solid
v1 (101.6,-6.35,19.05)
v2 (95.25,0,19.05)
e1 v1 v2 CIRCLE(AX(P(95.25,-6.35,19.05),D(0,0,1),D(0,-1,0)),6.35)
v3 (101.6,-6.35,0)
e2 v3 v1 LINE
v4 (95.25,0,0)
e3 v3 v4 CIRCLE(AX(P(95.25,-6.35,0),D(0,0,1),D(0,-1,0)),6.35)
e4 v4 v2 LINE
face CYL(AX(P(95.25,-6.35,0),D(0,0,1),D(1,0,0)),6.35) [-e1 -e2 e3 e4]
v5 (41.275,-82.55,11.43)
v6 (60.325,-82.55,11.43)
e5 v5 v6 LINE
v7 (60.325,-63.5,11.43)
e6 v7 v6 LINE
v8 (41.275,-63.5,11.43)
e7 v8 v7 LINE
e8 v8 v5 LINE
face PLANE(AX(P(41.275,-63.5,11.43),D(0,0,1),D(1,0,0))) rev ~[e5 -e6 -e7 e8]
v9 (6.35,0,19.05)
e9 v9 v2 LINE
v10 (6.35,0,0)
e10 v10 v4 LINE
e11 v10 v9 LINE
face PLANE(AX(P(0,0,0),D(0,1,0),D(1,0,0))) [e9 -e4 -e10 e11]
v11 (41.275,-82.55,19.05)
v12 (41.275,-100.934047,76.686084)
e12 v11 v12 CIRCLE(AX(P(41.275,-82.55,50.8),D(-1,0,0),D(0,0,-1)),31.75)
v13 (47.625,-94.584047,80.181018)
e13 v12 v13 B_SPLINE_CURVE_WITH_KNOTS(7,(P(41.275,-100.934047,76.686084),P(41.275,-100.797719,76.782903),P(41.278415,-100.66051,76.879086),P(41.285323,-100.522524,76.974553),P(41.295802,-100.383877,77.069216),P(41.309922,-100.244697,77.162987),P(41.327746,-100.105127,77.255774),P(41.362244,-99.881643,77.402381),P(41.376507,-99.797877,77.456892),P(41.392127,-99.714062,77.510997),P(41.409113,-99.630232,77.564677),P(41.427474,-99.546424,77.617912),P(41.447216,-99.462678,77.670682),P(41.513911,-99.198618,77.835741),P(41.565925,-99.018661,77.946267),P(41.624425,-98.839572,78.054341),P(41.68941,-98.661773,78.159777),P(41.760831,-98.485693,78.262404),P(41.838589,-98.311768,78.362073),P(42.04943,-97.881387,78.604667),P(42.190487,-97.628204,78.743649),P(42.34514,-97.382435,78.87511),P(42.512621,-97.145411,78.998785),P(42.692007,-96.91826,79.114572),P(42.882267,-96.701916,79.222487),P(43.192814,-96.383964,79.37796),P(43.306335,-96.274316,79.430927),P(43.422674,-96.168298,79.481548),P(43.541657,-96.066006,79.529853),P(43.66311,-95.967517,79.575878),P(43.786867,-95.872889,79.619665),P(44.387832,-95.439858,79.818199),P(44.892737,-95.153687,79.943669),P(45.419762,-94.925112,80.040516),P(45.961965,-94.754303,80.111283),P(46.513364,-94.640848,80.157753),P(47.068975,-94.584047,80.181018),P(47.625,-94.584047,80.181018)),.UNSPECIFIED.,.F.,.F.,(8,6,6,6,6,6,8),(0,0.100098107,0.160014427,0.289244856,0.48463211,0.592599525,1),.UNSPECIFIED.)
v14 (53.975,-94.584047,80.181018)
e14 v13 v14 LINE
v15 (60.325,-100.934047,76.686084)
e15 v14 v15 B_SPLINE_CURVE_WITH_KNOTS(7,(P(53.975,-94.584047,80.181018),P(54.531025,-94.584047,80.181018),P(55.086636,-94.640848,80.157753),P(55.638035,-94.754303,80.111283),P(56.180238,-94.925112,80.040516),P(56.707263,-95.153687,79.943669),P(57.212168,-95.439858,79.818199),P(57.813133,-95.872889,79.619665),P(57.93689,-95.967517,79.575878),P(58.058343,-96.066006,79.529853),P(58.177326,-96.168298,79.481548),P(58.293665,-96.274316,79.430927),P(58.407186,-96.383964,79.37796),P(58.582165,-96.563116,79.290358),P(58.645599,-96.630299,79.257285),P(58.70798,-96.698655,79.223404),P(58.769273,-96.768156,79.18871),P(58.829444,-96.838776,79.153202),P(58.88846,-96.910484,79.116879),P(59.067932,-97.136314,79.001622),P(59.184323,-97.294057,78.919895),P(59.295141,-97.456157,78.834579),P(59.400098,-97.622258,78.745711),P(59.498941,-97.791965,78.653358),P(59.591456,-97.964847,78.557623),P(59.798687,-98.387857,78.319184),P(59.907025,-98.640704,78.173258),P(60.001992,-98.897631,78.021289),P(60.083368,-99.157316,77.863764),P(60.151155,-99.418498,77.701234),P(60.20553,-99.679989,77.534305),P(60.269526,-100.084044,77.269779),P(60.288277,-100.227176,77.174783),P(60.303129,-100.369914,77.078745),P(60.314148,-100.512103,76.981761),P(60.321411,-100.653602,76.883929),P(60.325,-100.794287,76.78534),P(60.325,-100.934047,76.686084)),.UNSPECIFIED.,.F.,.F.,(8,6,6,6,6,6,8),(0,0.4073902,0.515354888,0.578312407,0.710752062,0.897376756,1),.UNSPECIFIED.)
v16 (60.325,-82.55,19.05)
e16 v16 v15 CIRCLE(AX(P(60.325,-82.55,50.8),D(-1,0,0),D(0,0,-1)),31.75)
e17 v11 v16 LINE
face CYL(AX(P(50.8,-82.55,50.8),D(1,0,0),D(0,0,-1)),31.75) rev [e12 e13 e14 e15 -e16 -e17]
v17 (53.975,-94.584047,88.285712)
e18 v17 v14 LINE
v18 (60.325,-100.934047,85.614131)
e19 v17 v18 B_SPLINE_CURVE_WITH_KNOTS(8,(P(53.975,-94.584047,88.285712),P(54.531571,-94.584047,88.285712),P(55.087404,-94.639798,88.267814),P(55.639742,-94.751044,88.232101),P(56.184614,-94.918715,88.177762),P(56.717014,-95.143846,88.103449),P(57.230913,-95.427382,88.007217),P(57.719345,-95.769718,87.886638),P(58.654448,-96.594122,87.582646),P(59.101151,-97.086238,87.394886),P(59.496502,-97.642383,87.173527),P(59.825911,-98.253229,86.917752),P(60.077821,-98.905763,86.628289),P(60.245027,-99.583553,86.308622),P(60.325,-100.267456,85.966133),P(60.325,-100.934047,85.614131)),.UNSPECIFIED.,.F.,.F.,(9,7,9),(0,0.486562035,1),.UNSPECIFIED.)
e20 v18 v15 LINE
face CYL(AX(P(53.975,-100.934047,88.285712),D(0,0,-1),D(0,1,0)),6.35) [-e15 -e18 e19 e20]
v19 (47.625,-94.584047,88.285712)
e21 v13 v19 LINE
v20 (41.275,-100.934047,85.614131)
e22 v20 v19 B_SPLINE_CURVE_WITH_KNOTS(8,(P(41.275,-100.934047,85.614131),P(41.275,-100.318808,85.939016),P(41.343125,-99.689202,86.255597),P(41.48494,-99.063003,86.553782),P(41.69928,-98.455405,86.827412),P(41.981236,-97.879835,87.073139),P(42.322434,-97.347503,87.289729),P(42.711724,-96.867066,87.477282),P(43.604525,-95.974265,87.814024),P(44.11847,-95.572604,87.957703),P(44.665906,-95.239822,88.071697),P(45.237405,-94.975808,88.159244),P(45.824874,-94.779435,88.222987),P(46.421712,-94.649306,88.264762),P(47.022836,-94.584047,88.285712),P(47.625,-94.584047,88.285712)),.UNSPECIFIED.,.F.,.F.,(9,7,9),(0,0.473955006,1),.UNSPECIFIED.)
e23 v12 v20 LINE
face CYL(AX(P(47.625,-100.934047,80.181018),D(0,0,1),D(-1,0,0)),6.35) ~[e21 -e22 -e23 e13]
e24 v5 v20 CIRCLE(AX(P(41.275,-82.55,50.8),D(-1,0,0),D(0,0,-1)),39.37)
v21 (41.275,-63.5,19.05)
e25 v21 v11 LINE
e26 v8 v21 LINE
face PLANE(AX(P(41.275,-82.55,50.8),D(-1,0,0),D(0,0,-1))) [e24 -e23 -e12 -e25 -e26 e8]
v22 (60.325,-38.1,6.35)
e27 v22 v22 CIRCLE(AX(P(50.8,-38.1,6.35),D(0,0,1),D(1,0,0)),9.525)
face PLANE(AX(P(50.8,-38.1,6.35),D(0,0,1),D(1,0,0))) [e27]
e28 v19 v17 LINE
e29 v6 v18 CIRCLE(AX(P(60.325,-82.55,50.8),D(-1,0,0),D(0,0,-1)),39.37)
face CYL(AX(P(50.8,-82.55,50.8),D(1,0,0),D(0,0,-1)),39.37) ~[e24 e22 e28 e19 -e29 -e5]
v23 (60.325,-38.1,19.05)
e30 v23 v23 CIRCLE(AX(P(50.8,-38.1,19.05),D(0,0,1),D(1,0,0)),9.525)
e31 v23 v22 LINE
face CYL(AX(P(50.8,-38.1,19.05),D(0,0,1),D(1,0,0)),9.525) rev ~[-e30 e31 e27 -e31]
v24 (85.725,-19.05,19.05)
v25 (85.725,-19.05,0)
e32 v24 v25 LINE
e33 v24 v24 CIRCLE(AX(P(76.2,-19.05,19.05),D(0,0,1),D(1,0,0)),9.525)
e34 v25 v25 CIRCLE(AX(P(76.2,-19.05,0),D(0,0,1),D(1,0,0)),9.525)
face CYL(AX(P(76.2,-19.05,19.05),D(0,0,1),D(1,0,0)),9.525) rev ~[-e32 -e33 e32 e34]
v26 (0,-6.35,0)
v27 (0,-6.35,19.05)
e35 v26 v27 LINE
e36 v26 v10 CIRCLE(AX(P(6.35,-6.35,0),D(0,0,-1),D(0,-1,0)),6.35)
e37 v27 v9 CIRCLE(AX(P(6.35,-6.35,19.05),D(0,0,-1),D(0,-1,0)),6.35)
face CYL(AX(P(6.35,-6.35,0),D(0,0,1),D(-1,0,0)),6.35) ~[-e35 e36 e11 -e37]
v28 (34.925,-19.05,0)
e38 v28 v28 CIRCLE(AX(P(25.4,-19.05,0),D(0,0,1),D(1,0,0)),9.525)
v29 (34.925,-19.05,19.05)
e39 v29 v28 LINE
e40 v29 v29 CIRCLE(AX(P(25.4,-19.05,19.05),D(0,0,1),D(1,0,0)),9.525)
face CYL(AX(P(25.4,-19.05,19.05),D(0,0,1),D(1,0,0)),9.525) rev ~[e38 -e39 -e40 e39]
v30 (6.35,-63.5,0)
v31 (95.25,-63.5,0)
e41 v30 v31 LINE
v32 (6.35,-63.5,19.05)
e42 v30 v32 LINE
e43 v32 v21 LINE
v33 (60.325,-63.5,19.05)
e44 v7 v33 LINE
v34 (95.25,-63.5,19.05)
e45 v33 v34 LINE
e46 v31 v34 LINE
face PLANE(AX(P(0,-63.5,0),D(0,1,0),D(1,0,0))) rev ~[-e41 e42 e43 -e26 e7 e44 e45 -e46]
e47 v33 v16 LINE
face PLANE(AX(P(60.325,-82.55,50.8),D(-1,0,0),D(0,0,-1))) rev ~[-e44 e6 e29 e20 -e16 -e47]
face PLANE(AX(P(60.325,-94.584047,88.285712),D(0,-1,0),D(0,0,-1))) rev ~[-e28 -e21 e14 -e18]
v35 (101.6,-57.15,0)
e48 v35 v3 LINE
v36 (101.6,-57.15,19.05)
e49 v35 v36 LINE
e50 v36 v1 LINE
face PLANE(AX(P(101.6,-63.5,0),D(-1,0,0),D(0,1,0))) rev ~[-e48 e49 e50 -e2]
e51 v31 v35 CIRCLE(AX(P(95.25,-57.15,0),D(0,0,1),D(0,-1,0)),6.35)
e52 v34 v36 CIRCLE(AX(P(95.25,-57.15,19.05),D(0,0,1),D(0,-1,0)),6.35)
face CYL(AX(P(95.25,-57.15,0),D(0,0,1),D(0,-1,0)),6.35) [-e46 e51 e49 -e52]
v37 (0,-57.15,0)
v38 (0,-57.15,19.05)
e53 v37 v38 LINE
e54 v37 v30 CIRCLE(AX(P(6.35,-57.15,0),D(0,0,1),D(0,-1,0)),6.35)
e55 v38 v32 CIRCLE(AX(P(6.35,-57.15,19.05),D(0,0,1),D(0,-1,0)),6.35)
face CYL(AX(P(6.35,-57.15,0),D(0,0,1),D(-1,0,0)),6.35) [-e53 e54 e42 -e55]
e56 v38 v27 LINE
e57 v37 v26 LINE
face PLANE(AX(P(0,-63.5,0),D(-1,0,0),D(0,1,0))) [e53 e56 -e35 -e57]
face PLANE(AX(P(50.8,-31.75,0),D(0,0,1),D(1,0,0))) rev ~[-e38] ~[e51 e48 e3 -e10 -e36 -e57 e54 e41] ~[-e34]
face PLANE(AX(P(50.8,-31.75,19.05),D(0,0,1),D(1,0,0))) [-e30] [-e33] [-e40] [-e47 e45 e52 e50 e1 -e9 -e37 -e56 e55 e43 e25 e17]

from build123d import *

# Parameters (mm, degrees)
F0_W      = 101.6
F0_H      = 63.5
F1_DEPTH  = 19.05
F2_R      = 6.35
F3_R      = 9.525
F4_DEPTH  = 12.7
F5_DEPTH  = 19.051
F6_W      = 19.05
F6_H      = 7.62
F7_DEPTH  = 19.05
F8_W      = 19.05
F8_H      = 7.62
F9_ANGLE  = 162.2017998475
F11_DEPTH = 25.4
F12_R     = 6.35


with BuildPart() as f1:
    # F0 (on Top) → F1 (new body)
    with BuildSketch(Plane.XY):
        with Locations((50.8, -31.75)):
            Rectangle(F0_W, F0_H)
    extrude(amount=F1_DEPTH)

    # F2
    f2_edges = [f1.edges().sort_by_distance(p)[0] for p in [
        (101.6, -63.5, 9.525),
        (101.6, 0, 9.525),
        (0, -63.5, 9.525),
        (0, 0, 9.525),
    ]]
    fillet(f2_edges, radius=F2_R)

    # F3 (on face) → F4 (cut)
    with BuildSketch(Plane.XY.offset(19.05)):
        with Locations((50.8, -38.1)):
            Circle(F3_R)
    extrude(amount=-F4_DEPTH, mode=Mode.SUBTRACT)

    # F3 (on face) → F5 (cut, through all)
    with BuildSketch(Plane.XY.offset(19.05)):
        with Locations((25.4, -19.05)):
            Circle(F3_R)
        with Locations((76.2, -19.05)):
            Circle(F3_R)
    extrude(amount=-F5_DEPTH, mode=Mode.SUBTRACT)

    # F6 (on face) → F7 (join)
    with BuildSketch(Plane.XZ.offset(63.5)):
        with Locations((50.8, 15.24)):
            Rectangle(F6_W, F6_H)
    extrude(amount=F7_DEPTH)

    # F8 (on face) → F9 (revolve)
    with BuildSketch(Plane.XZ.offset(82.55)):
        with Locations((50.8, 15.24)):
            Rectangle(F8_W, F8_H)
    revolve(axis=Axis((50.8, -82.55, 50.8), (-1, 0, 0)), revolution_arc=F9_ANGLE)

    # F10 (on face) → F11 (cut)
    with BuildSketch(Plane.YZ.offset(60.325)):
        with BuildLine():
            Line((-94.5840466137, 88.2857122395), (-94.5840466137, 80.1810180576))
            ThreePointArc((-94.5840466137, 80.1810180576), (-93.4277552997, 80.6284585529), (-92.2548763014, 81.0304130963))
            Line((-92.2548763014, 81.0304130963), (-94.5840466137, 88.2857122395))
        make_face()
        with BuildLine():
            Line((-86.6367444396, 76.66990906), (-86.6367444396, 88.2857122395))
            Line((-86.6367444396, 88.2857122395), (-94.5840466137, 88.2857122395))
            Line((-94.5840466137, 88.2857122395), (-92.2548763014, 81.0304130963))
            ThreePointArc((-92.2548763014, 81.0304130963), (-93.4277552997, 80.6284585529), (-94.5840466137, 80.1810180576))
            Line((-94.5840466137, 80.1810180576), (-94.5840466137, 76.66990906))
            Line((-94.5840466137, 76.66990906), (-86.6367444396, 76.66990906))
        make_face()
    extrude(amount=-F11_DEPTH, mode=Mode.SUBTRACT)

    # F12
    f12_edges = [f1.edges().sort_by_distance(p)[0] for p in [
        (60.325, -94.584047, 84.233365),
        (41.275, -94.584047, 84.233365),
    ]]
    fillet(f12_edges, radius=F12_R)


solid = f1.part
